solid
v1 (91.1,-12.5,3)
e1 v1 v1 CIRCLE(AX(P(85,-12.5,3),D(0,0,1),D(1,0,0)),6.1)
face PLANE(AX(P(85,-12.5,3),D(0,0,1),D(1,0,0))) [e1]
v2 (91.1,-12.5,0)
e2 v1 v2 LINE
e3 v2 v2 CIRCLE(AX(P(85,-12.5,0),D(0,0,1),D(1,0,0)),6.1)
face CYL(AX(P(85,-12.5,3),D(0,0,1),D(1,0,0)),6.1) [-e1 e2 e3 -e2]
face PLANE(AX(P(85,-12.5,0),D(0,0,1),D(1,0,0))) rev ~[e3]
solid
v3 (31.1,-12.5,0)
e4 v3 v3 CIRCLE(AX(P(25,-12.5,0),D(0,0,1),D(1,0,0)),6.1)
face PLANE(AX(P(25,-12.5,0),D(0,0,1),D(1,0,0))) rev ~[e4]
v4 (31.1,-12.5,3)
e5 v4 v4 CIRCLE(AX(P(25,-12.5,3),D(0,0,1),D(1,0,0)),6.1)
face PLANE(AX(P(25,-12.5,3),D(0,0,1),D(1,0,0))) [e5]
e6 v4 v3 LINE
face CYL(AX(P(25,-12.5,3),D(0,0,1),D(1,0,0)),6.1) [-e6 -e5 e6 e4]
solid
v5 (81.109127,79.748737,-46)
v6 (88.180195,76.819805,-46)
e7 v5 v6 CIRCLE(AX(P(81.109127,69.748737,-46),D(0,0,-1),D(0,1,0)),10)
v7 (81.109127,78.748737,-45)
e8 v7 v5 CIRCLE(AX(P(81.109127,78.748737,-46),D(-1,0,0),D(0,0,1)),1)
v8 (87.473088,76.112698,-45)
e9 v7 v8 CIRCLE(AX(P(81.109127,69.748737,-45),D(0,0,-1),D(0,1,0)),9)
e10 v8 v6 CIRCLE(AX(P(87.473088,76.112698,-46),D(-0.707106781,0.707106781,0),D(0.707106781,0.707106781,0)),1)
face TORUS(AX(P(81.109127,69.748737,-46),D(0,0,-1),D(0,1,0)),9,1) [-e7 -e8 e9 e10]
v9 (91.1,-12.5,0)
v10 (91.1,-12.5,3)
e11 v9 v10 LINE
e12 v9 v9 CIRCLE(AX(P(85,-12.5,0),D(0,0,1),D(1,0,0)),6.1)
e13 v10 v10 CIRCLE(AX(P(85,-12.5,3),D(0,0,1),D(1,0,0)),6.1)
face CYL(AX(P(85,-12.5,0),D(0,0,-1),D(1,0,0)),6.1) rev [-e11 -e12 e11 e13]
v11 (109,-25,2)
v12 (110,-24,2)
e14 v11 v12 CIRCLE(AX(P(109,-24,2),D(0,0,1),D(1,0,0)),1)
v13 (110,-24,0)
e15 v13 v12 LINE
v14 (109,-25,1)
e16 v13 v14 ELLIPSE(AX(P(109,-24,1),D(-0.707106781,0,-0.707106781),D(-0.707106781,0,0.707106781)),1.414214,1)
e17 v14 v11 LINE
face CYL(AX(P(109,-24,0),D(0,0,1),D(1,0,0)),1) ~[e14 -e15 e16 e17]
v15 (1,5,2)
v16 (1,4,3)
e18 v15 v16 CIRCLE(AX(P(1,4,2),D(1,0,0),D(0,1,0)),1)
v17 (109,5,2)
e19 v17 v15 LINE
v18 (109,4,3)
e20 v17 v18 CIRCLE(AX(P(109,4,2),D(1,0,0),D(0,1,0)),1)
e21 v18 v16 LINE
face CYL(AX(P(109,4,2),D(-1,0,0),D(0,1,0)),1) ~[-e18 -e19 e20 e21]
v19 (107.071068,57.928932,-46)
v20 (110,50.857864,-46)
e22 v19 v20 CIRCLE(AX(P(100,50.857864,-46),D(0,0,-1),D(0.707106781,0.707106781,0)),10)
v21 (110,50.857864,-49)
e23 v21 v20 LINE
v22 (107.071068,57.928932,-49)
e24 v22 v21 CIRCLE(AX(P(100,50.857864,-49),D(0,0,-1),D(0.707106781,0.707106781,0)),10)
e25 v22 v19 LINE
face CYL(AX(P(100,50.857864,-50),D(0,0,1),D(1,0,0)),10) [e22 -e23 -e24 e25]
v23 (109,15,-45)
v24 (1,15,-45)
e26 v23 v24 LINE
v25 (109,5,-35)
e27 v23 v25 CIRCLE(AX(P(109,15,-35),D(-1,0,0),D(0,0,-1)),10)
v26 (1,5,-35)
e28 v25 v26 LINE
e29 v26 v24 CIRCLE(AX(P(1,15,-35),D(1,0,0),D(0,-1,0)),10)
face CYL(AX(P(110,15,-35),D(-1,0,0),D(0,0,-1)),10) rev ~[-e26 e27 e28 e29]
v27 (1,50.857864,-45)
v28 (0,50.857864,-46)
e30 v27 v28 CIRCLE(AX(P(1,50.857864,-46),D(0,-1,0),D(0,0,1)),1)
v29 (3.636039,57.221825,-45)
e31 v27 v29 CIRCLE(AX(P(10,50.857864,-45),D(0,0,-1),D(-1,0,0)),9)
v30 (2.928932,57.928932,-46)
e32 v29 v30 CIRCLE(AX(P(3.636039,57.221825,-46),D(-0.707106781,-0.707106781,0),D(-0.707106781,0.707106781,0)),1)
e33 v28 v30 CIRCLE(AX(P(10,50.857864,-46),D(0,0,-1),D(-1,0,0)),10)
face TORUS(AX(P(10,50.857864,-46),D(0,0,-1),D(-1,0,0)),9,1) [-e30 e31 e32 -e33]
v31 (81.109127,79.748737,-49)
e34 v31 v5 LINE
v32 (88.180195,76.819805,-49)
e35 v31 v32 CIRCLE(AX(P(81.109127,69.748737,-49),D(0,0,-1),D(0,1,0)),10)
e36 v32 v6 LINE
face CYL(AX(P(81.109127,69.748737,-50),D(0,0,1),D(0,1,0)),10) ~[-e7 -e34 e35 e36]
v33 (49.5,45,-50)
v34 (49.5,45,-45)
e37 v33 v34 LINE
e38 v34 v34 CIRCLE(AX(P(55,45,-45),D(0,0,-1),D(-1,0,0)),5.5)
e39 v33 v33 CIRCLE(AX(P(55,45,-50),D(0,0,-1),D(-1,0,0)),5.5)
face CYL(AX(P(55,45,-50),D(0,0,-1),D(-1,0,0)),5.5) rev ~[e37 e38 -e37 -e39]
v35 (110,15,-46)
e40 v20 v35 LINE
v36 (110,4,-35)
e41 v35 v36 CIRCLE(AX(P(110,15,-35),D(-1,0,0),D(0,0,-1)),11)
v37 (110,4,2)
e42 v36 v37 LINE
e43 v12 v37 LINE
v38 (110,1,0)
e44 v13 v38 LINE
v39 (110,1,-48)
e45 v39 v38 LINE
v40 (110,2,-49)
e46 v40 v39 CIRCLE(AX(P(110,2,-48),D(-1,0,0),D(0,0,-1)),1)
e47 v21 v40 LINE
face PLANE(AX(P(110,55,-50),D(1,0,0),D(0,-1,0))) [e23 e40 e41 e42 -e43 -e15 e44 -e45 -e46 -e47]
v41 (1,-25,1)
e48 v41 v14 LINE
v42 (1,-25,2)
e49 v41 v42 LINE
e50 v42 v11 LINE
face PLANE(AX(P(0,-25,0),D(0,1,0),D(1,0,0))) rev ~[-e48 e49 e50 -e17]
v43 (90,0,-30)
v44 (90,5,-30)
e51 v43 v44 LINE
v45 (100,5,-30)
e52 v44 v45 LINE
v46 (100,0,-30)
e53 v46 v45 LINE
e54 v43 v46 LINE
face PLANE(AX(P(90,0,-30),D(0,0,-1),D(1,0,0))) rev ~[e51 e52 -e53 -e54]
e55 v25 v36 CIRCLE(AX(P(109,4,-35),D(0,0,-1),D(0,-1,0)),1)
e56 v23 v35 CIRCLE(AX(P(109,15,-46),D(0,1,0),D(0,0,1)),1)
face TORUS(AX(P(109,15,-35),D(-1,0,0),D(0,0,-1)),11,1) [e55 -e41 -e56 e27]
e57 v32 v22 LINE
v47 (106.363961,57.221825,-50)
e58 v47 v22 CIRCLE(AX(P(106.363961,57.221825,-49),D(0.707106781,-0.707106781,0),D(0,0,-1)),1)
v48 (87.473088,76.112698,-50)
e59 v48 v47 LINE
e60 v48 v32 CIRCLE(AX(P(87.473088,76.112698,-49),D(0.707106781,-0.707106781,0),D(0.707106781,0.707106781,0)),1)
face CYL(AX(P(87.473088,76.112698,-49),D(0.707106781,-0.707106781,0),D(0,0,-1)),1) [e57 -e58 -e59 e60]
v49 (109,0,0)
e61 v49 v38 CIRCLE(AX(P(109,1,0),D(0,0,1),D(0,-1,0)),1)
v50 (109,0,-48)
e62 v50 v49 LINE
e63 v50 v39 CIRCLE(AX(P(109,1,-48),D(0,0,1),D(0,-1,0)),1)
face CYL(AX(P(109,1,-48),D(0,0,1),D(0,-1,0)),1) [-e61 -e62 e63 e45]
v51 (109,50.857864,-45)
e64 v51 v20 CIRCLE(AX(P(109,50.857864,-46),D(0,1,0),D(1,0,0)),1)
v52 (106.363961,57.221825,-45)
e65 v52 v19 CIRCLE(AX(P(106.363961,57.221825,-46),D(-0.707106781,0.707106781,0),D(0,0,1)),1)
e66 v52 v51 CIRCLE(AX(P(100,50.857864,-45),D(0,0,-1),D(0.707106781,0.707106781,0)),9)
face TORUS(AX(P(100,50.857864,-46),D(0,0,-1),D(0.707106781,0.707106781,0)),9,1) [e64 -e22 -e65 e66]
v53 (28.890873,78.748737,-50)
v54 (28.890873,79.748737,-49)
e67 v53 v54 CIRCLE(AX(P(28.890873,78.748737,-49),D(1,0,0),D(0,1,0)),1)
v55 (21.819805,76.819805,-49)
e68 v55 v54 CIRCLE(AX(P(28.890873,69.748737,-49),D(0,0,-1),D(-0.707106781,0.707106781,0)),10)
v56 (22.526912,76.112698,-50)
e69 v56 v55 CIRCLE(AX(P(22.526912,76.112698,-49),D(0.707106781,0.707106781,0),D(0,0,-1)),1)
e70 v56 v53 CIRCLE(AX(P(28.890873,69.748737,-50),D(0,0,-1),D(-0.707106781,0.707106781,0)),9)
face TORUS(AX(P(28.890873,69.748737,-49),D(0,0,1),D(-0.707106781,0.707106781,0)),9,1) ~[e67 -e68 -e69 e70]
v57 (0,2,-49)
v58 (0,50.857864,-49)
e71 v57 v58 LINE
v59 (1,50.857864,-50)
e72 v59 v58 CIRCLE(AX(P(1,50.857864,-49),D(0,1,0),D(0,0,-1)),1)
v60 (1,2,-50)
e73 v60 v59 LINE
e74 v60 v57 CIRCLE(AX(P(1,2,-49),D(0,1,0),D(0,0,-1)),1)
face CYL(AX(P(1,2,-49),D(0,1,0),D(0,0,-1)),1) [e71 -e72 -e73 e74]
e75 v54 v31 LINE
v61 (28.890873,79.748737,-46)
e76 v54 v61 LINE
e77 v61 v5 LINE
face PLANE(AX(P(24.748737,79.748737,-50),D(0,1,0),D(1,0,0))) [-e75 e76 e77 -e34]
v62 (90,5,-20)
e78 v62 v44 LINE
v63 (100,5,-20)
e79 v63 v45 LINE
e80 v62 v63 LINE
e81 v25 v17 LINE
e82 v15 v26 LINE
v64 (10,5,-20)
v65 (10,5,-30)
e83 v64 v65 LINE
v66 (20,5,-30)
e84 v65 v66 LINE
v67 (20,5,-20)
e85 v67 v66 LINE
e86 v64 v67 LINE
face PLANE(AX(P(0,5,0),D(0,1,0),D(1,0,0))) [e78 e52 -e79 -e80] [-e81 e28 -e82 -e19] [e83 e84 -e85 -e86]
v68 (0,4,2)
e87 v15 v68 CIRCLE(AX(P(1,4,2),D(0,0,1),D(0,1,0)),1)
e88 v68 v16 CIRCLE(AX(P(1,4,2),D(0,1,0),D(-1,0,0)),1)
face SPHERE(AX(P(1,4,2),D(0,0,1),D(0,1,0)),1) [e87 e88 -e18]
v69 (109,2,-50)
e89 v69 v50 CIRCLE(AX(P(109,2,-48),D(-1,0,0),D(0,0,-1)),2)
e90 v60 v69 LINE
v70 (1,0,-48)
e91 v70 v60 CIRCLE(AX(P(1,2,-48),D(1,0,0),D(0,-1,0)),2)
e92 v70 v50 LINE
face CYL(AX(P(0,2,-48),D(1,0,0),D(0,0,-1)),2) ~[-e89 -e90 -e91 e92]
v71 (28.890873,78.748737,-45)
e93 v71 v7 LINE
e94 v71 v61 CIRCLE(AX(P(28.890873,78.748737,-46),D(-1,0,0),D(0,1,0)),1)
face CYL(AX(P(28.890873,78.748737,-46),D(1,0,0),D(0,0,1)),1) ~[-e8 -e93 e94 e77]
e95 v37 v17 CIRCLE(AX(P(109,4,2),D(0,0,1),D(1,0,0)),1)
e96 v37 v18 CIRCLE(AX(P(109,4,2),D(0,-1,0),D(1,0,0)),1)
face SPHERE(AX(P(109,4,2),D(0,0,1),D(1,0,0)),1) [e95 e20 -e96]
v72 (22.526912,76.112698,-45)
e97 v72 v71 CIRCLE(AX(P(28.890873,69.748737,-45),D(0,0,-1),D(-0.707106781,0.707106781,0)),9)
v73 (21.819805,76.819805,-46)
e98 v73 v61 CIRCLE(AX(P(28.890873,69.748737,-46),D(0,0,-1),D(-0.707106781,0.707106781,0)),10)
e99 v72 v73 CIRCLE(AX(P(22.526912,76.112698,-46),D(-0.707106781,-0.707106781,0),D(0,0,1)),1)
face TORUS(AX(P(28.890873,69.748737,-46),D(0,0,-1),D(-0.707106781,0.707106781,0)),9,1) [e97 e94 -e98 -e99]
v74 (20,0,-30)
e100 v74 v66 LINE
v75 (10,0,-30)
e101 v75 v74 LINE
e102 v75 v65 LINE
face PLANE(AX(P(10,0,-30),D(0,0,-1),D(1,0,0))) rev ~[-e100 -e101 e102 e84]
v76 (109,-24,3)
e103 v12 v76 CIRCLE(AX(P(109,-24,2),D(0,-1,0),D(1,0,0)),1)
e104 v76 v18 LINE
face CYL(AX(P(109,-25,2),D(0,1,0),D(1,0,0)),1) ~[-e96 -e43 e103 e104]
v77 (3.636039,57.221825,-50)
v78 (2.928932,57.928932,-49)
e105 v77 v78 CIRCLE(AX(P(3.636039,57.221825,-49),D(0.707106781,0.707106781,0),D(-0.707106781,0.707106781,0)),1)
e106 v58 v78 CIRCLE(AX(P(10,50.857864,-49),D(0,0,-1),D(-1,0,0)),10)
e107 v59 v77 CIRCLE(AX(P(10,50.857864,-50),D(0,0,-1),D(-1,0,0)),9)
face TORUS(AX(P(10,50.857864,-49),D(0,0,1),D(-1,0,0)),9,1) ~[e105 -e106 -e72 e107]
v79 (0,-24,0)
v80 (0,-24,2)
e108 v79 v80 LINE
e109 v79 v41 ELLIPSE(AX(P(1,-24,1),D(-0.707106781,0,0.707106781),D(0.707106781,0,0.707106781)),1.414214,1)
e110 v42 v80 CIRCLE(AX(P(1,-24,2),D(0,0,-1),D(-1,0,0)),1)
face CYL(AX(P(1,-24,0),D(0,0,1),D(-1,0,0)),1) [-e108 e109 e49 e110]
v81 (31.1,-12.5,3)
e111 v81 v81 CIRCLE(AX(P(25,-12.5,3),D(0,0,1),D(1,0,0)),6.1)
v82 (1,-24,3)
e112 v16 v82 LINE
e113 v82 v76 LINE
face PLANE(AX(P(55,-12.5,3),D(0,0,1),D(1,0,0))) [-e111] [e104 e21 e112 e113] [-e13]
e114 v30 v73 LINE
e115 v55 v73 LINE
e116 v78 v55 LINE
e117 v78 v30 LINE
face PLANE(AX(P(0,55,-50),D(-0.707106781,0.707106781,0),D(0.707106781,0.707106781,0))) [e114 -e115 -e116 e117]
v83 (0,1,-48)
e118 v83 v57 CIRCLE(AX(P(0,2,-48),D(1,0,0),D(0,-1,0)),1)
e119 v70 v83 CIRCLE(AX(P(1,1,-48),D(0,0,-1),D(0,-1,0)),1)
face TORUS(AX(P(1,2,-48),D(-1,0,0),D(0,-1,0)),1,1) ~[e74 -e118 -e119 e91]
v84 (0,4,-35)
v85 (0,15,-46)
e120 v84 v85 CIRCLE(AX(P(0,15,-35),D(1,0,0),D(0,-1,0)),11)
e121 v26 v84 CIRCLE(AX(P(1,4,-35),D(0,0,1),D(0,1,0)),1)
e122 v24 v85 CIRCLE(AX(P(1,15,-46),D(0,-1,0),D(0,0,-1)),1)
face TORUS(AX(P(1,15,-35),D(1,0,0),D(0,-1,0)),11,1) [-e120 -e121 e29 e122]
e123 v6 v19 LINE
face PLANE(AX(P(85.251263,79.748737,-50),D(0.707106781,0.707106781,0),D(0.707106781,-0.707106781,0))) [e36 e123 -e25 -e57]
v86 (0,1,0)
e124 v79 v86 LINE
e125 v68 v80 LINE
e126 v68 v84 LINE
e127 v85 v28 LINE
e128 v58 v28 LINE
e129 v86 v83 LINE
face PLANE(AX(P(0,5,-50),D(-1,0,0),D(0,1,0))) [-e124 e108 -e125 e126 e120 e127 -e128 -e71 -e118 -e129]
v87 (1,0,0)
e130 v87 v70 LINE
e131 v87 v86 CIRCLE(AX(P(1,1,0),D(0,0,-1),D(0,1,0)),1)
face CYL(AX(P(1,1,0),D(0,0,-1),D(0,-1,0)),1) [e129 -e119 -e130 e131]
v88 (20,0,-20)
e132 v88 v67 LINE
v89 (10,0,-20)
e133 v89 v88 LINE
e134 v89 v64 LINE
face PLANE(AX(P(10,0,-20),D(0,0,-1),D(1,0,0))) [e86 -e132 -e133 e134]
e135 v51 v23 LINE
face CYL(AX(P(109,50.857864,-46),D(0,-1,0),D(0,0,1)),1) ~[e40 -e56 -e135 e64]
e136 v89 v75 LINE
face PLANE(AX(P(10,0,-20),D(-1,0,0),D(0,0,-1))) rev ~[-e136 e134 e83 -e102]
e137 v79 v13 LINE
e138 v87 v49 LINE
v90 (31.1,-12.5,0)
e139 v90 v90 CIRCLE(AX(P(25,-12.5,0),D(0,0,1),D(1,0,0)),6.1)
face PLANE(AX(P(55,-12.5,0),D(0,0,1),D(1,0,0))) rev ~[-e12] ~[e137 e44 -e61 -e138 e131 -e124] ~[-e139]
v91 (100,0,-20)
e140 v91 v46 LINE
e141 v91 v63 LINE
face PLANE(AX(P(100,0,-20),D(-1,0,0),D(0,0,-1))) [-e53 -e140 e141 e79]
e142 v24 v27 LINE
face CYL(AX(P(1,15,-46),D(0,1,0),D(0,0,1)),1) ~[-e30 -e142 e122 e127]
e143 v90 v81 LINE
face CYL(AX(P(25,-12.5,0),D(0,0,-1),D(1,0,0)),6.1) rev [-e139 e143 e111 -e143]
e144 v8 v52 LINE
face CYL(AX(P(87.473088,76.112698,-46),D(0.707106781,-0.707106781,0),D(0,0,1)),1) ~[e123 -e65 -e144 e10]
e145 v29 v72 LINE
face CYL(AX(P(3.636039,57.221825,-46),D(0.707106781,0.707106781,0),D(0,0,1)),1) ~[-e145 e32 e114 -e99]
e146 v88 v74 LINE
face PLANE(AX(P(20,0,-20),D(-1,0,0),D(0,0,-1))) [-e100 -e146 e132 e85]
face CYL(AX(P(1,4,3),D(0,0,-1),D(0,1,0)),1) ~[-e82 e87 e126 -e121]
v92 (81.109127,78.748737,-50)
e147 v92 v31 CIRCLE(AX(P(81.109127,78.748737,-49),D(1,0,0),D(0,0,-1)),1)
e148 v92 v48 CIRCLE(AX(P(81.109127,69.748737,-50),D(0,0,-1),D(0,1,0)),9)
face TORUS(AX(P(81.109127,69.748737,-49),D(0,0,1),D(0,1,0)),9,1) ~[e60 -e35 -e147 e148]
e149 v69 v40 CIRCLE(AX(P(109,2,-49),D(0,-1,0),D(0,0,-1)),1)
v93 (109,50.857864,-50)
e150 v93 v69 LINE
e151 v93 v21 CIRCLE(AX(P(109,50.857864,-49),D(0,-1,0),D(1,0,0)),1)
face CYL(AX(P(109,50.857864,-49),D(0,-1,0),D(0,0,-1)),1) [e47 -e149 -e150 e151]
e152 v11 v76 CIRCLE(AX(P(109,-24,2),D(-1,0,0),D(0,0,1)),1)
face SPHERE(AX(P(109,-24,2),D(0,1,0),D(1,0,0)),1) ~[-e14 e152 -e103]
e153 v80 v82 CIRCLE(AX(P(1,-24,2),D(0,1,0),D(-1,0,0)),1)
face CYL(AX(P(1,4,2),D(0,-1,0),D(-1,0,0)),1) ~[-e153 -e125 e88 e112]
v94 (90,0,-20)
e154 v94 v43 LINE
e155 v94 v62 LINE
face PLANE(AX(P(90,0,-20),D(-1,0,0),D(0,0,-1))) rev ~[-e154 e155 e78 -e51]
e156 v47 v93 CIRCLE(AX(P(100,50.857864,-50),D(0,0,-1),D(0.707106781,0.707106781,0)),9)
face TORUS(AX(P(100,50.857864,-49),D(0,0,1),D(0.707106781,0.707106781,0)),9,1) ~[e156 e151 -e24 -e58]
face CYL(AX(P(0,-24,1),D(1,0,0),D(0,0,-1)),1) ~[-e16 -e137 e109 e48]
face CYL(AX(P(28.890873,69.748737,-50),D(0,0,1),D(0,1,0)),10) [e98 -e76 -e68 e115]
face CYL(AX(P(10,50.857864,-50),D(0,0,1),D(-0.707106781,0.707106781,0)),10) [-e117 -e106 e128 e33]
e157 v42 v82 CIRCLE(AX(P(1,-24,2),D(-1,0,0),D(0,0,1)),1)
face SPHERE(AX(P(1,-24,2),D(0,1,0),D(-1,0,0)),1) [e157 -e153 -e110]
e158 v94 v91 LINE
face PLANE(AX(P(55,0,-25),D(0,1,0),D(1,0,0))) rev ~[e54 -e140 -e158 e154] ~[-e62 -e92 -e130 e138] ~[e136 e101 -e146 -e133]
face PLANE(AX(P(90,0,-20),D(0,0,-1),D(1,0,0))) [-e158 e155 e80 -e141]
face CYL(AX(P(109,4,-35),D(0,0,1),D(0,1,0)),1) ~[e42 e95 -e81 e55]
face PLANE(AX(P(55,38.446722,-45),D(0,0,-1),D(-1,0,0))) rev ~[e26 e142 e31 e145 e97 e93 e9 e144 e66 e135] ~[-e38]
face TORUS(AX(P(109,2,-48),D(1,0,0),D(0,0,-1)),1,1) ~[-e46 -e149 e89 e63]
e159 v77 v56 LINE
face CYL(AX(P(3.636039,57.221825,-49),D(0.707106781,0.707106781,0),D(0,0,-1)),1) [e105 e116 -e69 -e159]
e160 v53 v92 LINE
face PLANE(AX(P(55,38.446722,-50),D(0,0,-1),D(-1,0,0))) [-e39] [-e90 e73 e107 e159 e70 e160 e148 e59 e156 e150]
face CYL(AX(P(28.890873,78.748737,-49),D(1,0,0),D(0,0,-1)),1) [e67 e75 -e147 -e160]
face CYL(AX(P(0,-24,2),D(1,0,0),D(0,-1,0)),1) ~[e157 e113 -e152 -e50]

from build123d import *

# Parameters (mm, degrees)
SKETCH1_W             = 110
SKETCH1_H             = 50
SKETCH1_W_2           = 10
SKETCH1_H_2           = 10
BOSS_EXTRUDE1_DEPTH   = 5
SKETCH2_R             = 6.1
SKETCH2_W             = 110
SKETCH2_H             = 5
BOSS_EXTRUDE2_DEPTH   = 3
SKETCH3_R             = 5.5
BOSS_EXTRUDE3_DEPTH   = 5
FILLET1_R             = 10
FILLET2_R             = 10
FILLET3_R             = 2
FILLET4_R             = 1
FILLET5_R             = 1
SKETCH4_R             = 6.1
BOSS_EXTRUDE4_DEPTH   = 3
BOSS_EXTRUDE4_2_DEPTH = 3


with BuildPart() as part:
    # Sketch1 → Boss-Extrude1 (new body)
    with BuildSketch(Plane(origin=(0, 0, 0), x_dir=(1, 0, 0), z_dir=(0, 1, 0))):
        with Locations((55, 25)):
            Rectangle(SKETCH1_W, SKETCH1_H)
        with Locations((15, 25)):
            Rectangle(SKETCH1_W_2, SKETCH1_H_2, mode=Mode.SUBTRACT)
        with Locations((95, 25)):
            Rectangle(SKETCH1_W_2, SKETCH1_H_2, mode=Mode.SUBTRACT)
    extrude(amount=BOSS_EXTRUDE1_DEPTH)

    # Sketch2 → Boss-Extrude2 (add)
    with BuildSketch(Plane.XY):
        Polygon((0, 0), (0, -25), (25, -25), (85, -25), (110, -25), (110, 0), align=None)
        with Locations((25, -12.5)):
            Circle(SKETCH2_R, mode=Mode.SUBTRACT)
        with Locations((85, -12.5)):
            Circle(SKETCH2_R, mode=Mode.SUBTRACT)
        with Locations((55, 2.5)):
            Rectangle(SKETCH2_W, SKETCH2_H)
    extrude(amount=BOSS_EXTRUDE2_DEPTH)

    # Sketch3 → Boss-Extrude3 (add)
    with BuildSketch(Plane(origin=(0, 0, -50), x_dir=(-1, 0, 0), z_dir=(0, 0, -1))):
        Polygon((-110, 5), (0, 5), (0, 55), (-24.748737342, 79.748737342), (-85.251262658, 79.748737342), (-110, 55), align=None)
        with Locations((-55, 45)):
            Circle(SKETCH3_R, mode=Mode.SUBTRACT)
    extrude(amount=-BOSS_EXTRUDE3_DEPTH)

    # Fillet1
    fillet1_edges = [part.edges().sort_by_distance(p)[0] for p in [
        (0, 55, -47.5),
        (110, 55, -47.5),
        (85.251262658, 79.748737342, -47.5),
        (24.748737342, 79.748737342, -47.5),
    ]]
    fillet(fillet1_edges, radius=FILLET1_R)

    # Fillet2
    fillet2_edges = [part.edges().sort_by_distance(p)[0] for p in [
        (55, 5, -45),
    ]]
    fillet(fillet2_edges, radius=FILLET2_R)

    # Fillet3
    fillet3_edges = [part.edges().sort_by_distance(p)[0] for p in [
        (55, 0, -50),
    ]]
    fillet(fillet3_edges, radius=FILLET3_R)

    # Fillet4
    fillet4_edges = [part.edges().sort_by_distance(p)[0] for p in [
        (0, 32.928932188, -45),
        (0, 5, -16),
        (110, 7.928932188, -42.071067812),
        (0, 7.928932188, -42.071067812),
        (0, 0, -24),
        (0, 0.585786438, -49.414213562),
        (110, 0.585786438, -49.414213562),
        (110, 5, -16),
        (110, 0, -24),
        (55, 79.748737342, -50),
        (55, 79.748737342, -45),
        (0, 26.428932188, -50),
        (12.374368671, 67.374368671, -50),
        (97.625631329, 67.374368671, -50),
        (110, 26.428932188, -50),
        (25.064038642, 78.987532667, -50),
        (0.761204675, 54.6846987, -50),
        (109.238795325, 54.6846987, -50),
        (84.935961358, 78.987532667, -50),
        (97.625631329, 67.374368671, -45),
        (110, 32.928932188, -45),
        (12.374368671, 67.374368671, -45),
        (25.064038642, 78.987532667, -45),
        (0.761204675, 54.6846987, -45),
        (109.238795325, 54.6846987, -45),
        (84.935961358, 78.987532667, -45),
    ]]
    fillet(fillet4_edges, radius=FILLET4_R)

    # Fillet5
    fillet5_edges = [part.edges().sort_by_distance(p)[0] for p in [
        (110, -10.5, 3),
        (0, -10.5, 3),
        (55, 5, 3),
        (0.292893219, 4.707106781, 3),
        (109.707106781, 4.707106781, 3),
        (110, -25, 1.5),
        (55, -25, 0),
        (0, -25, 1.5),
        (55, -25, 3),
    ]]
    fillet(fillet5_edges, radius=FILLET5_R)


with BuildPart() as body_2:
    # Sketch4 → Boss-Extrude4 (new body)
    with BuildSketch(Plane.XY.offset(3)):
        with Locations((25, -12.5)):
            Circle(SKETCH4_R)
    extrude(amount=-BOSS_EXTRUDE4_DEPTH)


with BuildPart() as body_3:
    # Sketch4 → Boss-Extrude4 2 (new body)
    with BuildSketch(Plane.XY.offset(3)):
        with Locations((85, -12.5)):
            Circle(SKETCH4_R)
    extrude(amount=-BOSS_EXTRUDE4_2_DEPTH)


solid = Compound([part.part, body_2.part, body_3.part])
